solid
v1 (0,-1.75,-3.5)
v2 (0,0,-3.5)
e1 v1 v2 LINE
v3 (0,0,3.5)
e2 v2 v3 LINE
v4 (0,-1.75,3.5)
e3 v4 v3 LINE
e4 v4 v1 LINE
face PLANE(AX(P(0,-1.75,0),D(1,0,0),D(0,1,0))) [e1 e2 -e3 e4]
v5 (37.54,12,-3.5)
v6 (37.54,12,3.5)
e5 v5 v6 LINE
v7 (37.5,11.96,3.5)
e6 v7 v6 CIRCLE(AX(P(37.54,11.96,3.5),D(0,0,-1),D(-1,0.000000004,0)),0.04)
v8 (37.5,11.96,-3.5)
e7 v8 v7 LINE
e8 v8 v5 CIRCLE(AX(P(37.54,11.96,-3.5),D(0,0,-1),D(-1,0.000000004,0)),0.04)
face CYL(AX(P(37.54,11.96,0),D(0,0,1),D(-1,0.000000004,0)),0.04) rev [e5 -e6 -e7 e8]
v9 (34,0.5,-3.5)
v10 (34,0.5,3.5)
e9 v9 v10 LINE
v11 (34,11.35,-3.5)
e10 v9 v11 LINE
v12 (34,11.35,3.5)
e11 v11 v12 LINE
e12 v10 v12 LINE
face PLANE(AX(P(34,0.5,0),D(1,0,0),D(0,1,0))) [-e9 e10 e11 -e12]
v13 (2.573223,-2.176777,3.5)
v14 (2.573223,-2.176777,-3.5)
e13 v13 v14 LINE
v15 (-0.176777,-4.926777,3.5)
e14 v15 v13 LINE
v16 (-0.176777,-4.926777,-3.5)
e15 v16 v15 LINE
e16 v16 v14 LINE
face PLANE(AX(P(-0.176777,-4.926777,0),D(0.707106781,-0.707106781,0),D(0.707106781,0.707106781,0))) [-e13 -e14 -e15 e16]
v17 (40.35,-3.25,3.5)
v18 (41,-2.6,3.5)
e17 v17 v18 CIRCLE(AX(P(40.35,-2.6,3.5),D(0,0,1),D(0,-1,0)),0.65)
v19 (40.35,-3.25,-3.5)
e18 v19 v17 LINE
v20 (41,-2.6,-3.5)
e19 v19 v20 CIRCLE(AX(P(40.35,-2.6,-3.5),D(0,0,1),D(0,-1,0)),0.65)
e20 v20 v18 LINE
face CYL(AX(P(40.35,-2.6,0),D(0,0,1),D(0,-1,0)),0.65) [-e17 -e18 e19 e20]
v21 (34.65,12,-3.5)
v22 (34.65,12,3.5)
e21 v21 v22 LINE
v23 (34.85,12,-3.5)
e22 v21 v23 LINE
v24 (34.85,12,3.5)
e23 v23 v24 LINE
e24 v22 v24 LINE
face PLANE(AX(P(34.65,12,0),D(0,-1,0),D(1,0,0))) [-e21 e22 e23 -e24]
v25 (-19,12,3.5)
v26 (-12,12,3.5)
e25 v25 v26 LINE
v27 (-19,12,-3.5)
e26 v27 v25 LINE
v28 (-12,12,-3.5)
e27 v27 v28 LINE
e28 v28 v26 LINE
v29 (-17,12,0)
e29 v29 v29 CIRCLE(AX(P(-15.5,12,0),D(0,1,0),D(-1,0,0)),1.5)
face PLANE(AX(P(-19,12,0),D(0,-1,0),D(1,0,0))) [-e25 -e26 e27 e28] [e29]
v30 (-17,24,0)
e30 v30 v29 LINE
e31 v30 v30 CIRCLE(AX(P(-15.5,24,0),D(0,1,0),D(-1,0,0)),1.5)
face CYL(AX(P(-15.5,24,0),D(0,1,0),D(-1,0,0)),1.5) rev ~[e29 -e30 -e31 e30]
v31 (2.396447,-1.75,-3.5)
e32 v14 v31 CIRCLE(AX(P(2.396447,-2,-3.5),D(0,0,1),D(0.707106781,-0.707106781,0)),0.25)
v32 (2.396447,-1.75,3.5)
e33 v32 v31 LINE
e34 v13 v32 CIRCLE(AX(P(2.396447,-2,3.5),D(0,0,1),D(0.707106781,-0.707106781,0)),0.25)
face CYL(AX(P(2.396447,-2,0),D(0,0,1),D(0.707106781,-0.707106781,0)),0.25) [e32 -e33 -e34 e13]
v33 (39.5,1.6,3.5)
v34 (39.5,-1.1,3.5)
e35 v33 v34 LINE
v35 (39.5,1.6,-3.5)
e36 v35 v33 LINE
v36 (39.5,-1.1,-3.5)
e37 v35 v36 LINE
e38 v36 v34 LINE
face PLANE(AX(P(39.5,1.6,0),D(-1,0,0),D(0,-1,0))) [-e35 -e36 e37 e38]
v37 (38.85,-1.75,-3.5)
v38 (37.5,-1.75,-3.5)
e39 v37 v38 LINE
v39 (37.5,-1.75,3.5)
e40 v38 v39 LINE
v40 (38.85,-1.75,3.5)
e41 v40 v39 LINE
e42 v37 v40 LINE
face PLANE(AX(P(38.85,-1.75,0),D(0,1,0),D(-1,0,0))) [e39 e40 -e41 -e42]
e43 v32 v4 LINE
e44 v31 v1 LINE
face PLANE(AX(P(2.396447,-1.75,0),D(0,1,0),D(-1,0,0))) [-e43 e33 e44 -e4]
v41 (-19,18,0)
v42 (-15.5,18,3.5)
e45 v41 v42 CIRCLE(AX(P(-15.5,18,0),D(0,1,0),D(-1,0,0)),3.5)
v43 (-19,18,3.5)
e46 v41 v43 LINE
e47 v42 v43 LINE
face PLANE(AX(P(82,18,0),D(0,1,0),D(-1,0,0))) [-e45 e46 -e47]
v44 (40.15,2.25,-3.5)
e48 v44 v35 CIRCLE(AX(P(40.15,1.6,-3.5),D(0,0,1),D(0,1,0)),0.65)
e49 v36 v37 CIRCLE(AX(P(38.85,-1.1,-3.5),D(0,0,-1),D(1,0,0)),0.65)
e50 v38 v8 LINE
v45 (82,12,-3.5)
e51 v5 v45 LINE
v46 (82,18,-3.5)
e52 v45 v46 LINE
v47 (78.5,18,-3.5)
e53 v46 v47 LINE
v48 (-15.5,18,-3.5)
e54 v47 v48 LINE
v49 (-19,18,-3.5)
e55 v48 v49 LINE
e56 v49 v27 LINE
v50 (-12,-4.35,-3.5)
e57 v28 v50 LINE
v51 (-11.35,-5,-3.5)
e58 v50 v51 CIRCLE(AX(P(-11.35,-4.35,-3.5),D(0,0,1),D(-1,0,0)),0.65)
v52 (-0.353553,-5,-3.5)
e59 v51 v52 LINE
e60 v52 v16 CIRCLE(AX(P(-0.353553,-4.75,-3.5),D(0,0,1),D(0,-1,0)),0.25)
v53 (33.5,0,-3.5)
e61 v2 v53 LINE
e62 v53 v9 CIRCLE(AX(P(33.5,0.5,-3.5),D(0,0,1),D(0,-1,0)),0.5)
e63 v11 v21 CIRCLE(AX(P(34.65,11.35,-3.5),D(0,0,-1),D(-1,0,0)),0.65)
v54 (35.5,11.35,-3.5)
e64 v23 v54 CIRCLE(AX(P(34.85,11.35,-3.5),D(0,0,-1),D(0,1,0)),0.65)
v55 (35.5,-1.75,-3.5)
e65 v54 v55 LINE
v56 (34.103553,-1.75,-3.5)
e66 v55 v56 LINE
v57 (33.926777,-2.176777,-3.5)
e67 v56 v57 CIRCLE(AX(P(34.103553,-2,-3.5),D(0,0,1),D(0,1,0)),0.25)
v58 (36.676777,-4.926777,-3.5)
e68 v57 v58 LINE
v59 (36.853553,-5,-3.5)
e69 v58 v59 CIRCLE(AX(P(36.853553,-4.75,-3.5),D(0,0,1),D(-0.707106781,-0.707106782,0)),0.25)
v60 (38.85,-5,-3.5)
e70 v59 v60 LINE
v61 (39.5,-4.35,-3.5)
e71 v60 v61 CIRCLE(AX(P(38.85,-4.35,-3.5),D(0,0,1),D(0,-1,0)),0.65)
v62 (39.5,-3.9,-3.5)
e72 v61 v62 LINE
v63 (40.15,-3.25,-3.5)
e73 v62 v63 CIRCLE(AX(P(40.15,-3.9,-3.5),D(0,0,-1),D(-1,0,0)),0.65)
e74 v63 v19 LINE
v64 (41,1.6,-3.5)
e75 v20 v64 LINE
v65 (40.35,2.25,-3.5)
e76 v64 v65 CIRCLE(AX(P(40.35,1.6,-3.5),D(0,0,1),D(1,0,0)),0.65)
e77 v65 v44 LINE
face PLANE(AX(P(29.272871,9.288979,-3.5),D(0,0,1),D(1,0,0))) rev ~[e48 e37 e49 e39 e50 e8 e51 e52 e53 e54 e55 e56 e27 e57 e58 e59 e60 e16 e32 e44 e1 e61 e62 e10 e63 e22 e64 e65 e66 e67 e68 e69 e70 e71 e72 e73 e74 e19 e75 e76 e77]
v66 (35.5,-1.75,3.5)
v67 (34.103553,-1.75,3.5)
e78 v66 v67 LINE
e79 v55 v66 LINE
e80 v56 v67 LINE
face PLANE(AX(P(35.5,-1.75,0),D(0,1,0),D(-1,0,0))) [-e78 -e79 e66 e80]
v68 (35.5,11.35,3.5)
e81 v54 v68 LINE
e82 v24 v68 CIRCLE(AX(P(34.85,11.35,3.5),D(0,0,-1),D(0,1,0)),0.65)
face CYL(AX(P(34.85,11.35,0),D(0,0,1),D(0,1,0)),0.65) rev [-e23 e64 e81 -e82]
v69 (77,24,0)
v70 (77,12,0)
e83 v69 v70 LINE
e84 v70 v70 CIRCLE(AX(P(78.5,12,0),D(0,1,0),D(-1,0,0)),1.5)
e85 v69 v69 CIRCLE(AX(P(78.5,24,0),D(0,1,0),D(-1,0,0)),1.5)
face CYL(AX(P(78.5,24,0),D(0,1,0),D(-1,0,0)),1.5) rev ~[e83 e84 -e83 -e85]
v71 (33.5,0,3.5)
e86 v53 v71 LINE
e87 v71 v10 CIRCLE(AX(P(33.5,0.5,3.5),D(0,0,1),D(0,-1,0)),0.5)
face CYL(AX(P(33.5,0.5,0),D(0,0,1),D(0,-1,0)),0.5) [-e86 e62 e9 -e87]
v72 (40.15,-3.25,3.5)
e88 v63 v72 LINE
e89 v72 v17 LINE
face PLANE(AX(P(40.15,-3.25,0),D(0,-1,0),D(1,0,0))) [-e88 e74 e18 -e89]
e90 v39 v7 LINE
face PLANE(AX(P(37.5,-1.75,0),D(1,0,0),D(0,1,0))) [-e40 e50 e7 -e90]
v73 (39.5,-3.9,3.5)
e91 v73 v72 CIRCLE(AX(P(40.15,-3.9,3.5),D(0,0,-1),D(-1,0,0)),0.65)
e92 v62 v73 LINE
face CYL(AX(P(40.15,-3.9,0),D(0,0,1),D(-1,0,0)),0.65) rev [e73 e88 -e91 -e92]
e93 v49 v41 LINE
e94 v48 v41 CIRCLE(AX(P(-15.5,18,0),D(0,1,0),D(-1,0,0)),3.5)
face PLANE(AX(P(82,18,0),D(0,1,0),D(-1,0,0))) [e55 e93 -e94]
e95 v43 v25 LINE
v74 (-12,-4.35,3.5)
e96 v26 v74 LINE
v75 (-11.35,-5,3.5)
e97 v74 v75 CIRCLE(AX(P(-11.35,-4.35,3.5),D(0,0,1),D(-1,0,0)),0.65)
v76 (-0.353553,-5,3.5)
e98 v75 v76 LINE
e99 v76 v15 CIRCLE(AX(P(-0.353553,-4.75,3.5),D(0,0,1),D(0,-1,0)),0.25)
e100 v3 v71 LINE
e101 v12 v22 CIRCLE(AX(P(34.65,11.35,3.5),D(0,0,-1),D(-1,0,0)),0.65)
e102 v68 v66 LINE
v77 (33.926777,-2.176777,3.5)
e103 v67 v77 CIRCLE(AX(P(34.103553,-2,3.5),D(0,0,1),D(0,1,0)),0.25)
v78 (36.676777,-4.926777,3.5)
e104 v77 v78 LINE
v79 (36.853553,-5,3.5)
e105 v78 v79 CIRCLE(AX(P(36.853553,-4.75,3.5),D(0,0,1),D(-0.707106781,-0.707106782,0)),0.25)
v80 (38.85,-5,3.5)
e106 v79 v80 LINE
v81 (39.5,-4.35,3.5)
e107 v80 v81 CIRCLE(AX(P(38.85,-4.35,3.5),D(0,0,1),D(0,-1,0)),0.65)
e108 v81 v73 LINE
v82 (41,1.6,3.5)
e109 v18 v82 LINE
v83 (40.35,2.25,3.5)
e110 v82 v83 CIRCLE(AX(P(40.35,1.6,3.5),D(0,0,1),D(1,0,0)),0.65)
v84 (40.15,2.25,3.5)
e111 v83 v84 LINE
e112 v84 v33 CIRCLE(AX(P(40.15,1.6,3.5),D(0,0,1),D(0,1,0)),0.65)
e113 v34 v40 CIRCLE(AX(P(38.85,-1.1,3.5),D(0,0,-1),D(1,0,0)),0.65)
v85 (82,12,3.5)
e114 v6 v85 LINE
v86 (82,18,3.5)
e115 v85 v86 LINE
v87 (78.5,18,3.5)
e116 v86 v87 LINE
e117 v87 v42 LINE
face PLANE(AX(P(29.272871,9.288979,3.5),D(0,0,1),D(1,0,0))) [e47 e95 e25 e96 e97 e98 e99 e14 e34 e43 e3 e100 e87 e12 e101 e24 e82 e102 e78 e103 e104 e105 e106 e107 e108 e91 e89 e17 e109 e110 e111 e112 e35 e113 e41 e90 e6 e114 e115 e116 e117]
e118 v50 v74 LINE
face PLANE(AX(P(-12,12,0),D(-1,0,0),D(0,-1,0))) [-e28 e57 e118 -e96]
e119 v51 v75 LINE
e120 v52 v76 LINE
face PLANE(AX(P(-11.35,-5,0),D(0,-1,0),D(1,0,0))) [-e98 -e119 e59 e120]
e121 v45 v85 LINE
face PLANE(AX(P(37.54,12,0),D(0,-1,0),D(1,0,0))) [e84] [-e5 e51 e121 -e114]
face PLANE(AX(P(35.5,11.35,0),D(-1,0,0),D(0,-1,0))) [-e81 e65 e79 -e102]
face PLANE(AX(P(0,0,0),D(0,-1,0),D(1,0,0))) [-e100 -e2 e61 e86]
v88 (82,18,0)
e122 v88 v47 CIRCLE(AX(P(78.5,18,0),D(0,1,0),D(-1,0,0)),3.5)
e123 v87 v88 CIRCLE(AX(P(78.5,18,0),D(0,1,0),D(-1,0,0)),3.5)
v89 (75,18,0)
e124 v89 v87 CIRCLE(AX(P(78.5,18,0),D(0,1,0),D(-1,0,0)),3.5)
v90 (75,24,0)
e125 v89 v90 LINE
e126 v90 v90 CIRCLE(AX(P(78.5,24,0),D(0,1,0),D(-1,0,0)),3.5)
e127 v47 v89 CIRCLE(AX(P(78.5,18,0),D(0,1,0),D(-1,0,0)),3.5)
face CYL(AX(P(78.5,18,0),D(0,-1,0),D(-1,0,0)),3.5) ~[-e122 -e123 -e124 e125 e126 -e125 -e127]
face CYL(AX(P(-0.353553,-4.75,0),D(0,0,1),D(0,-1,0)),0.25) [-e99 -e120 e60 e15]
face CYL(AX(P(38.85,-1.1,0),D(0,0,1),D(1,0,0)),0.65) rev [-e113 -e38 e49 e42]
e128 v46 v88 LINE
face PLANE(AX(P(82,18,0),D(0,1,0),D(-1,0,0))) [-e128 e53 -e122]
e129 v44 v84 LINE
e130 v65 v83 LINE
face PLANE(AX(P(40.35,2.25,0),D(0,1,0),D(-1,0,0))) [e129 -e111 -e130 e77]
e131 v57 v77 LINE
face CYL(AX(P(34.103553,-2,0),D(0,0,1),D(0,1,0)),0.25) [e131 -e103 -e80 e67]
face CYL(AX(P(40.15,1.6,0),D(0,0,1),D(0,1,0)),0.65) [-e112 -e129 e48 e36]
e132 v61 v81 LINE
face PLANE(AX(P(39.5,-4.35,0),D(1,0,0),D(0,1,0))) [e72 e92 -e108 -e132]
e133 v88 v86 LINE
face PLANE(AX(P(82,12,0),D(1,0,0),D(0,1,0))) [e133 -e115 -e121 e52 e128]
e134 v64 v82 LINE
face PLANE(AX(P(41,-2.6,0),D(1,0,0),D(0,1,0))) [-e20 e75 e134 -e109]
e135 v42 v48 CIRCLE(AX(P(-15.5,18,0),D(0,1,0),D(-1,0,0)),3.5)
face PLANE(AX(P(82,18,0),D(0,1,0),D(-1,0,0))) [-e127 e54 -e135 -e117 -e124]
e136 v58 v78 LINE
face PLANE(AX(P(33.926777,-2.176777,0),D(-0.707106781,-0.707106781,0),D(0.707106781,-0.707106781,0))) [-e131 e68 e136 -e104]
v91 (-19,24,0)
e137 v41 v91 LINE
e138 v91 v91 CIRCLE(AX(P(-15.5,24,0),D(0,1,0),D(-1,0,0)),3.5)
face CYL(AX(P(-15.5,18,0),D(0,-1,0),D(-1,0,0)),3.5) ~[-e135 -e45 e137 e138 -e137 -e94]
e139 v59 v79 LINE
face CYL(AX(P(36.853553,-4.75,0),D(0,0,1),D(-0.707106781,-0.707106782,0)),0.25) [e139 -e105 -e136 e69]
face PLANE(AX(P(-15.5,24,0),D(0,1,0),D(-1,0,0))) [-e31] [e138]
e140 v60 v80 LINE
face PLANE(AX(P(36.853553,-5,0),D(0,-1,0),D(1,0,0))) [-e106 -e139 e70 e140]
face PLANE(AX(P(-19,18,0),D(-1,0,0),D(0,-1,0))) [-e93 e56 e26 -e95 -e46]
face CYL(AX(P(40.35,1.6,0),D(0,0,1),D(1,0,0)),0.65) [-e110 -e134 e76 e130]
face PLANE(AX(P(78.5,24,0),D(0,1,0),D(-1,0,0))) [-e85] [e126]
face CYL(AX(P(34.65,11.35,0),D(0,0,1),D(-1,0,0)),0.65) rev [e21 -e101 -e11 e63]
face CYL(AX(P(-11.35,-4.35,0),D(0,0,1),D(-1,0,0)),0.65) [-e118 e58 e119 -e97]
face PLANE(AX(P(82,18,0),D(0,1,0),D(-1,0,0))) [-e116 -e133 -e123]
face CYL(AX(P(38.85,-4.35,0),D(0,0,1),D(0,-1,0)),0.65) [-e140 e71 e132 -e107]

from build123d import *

# Parameters (mm, degrees)
F1_DEPTH = 3.5
F2_R     = 3.5
F3_DEPTH = 6
F4_R     = 1.5
F5_DEPTH = 29.001


with BuildPart() as f1:
    # F0 (on Top) → F1 (new body, symmetric)
    with BuildSketch(Plane.XY):
        with BuildLine():
            Line((0, -1.75), (0, 0))
            Line((0, 0), (33.5, 0))
            ThreePointArc((33.5, 0), (33.8535533906, 0.1464466094), (34, 0.5))
            Line((34, 0.5), (34, 11.35))
            ThreePointArc((34, 11.35), (34.1903805922, 11.8096194078), (34.65, 12))
            Line((34.65, 12), (34.85, 12))
            ThreePointArc((34.85, 12), (35.3096194078, 11.8096194078), (35.5, 11.35))
            Line((35.5, 11.35), (35.5, -1.75))
            Line((35.5, -1.75), (34.1035533906, -1.75))
            ThreePointArc((34.1035533906, -1.75), (33.8725835075, -1.9043291419), (33.9267766953, -2.1767766953))
            Line((33.9267766953, -2.1767766953), (36.6767766953, -4.9267766953))
            ThreePointArc((36.6767766953, -4.9267766953), (36.7578825325, -4.9809698831), (36.8535533906, -5))
            Line((36.8535533906, -5), (38.85, -5))
            ThreePointArc((38.85, -5), (39.3096194078, -4.8096194078), (39.5, -4.35))
            Line((39.5, -4.35), (39.5, -3.9))
            ThreePointArc((39.5, -3.9), (39.6903805922, -3.4403805922), (40.15, -3.25))
            Line((40.15, -3.25), (40.35, -3.25))
            ThreePointArc((40.35, -3.25), (40.8096194078, -3.0596194078), (41, -2.6))
            Line((41, -2.6), (41, 1.6))
            ThreePointArc((41, 1.6), (40.8096194078, 2.0596194078), (40.35, 2.25))
            Line((40.35, 2.25), (40.15, 2.25))
            ThreePointArc((40.15, 2.25), (39.6903805922, 2.0596194078), (39.5, 1.6))
            Line((39.5, 1.6), (39.5, -1.1))
            ThreePointArc((39.5, -1.1), (39.3096194078, -1.5596194078), (38.85, -1.75))
            Line((38.85, -1.75), (37.5, -1.75))
            Line((37.5, -1.75), (37.5, 11.96))
            ThreePointArc((37.5, 11.96), (37.5117157288, 11.9882842712), (37.54, 12))
            Line((37.54, 12), (82, 12))
            Line((82, 12), (82, 18))
            Line((82, 18), (-19, 18))
            Line((-19, 18), (-19, 12))
            Line((-19, 12), (-12, 12))
            Line((-12, 12), (-12, -4.35))
            ThreePointArc((-12, -4.35), (-11.8096194078, -4.8096194078), (-11.35, -5))
            Line((-11.35, -5), (-0.3535533906, -5))
            ThreePointArc((-0.3535533906, -5), (-0.2578825325, -4.9809698831), (-0.1767766953, -4.9267766953))
            Line((-0.1767766953, -4.9267766953), (2.5732233047, -2.1767766953))
            ThreePointArc((2.5732233047, -2.1767766953), (2.6274164925, -1.9043291419), (2.3964466094, -1.75))
            Line((2.3964466094, -1.75), (0, -1.75))
        make_face()
    extrude(amount=F1_DEPTH, both=True)

    # F2 (on face) → F3 (join)
    with BuildSketch(Plane(origin=(0, 18, 0), x_dir=(-1, 0, 0), z_dir=(0, 1, 0))):
        with Locations((-78.5, 0)):
            Circle(F2_R)
        with Locations((15.5, 0)):
            Circle(F2_R)
    extrude(amount=F3_DEPTH)

    # F4 (on face) → F5 (cut, through all)
    with BuildSketch(Plane(origin=(0, 24, 0), x_dir=(-1, 0, 0), z_dir=(0, 1, 0))):
        with Locations((-78.5, 0)):
            Circle(F4_R)
        with Locations((15.5, 0)):
            Circle(F4_R)
    extrude(amount=-F5_DEPTH, mode=Mode.SUBTRACT)


solid = f1.part
